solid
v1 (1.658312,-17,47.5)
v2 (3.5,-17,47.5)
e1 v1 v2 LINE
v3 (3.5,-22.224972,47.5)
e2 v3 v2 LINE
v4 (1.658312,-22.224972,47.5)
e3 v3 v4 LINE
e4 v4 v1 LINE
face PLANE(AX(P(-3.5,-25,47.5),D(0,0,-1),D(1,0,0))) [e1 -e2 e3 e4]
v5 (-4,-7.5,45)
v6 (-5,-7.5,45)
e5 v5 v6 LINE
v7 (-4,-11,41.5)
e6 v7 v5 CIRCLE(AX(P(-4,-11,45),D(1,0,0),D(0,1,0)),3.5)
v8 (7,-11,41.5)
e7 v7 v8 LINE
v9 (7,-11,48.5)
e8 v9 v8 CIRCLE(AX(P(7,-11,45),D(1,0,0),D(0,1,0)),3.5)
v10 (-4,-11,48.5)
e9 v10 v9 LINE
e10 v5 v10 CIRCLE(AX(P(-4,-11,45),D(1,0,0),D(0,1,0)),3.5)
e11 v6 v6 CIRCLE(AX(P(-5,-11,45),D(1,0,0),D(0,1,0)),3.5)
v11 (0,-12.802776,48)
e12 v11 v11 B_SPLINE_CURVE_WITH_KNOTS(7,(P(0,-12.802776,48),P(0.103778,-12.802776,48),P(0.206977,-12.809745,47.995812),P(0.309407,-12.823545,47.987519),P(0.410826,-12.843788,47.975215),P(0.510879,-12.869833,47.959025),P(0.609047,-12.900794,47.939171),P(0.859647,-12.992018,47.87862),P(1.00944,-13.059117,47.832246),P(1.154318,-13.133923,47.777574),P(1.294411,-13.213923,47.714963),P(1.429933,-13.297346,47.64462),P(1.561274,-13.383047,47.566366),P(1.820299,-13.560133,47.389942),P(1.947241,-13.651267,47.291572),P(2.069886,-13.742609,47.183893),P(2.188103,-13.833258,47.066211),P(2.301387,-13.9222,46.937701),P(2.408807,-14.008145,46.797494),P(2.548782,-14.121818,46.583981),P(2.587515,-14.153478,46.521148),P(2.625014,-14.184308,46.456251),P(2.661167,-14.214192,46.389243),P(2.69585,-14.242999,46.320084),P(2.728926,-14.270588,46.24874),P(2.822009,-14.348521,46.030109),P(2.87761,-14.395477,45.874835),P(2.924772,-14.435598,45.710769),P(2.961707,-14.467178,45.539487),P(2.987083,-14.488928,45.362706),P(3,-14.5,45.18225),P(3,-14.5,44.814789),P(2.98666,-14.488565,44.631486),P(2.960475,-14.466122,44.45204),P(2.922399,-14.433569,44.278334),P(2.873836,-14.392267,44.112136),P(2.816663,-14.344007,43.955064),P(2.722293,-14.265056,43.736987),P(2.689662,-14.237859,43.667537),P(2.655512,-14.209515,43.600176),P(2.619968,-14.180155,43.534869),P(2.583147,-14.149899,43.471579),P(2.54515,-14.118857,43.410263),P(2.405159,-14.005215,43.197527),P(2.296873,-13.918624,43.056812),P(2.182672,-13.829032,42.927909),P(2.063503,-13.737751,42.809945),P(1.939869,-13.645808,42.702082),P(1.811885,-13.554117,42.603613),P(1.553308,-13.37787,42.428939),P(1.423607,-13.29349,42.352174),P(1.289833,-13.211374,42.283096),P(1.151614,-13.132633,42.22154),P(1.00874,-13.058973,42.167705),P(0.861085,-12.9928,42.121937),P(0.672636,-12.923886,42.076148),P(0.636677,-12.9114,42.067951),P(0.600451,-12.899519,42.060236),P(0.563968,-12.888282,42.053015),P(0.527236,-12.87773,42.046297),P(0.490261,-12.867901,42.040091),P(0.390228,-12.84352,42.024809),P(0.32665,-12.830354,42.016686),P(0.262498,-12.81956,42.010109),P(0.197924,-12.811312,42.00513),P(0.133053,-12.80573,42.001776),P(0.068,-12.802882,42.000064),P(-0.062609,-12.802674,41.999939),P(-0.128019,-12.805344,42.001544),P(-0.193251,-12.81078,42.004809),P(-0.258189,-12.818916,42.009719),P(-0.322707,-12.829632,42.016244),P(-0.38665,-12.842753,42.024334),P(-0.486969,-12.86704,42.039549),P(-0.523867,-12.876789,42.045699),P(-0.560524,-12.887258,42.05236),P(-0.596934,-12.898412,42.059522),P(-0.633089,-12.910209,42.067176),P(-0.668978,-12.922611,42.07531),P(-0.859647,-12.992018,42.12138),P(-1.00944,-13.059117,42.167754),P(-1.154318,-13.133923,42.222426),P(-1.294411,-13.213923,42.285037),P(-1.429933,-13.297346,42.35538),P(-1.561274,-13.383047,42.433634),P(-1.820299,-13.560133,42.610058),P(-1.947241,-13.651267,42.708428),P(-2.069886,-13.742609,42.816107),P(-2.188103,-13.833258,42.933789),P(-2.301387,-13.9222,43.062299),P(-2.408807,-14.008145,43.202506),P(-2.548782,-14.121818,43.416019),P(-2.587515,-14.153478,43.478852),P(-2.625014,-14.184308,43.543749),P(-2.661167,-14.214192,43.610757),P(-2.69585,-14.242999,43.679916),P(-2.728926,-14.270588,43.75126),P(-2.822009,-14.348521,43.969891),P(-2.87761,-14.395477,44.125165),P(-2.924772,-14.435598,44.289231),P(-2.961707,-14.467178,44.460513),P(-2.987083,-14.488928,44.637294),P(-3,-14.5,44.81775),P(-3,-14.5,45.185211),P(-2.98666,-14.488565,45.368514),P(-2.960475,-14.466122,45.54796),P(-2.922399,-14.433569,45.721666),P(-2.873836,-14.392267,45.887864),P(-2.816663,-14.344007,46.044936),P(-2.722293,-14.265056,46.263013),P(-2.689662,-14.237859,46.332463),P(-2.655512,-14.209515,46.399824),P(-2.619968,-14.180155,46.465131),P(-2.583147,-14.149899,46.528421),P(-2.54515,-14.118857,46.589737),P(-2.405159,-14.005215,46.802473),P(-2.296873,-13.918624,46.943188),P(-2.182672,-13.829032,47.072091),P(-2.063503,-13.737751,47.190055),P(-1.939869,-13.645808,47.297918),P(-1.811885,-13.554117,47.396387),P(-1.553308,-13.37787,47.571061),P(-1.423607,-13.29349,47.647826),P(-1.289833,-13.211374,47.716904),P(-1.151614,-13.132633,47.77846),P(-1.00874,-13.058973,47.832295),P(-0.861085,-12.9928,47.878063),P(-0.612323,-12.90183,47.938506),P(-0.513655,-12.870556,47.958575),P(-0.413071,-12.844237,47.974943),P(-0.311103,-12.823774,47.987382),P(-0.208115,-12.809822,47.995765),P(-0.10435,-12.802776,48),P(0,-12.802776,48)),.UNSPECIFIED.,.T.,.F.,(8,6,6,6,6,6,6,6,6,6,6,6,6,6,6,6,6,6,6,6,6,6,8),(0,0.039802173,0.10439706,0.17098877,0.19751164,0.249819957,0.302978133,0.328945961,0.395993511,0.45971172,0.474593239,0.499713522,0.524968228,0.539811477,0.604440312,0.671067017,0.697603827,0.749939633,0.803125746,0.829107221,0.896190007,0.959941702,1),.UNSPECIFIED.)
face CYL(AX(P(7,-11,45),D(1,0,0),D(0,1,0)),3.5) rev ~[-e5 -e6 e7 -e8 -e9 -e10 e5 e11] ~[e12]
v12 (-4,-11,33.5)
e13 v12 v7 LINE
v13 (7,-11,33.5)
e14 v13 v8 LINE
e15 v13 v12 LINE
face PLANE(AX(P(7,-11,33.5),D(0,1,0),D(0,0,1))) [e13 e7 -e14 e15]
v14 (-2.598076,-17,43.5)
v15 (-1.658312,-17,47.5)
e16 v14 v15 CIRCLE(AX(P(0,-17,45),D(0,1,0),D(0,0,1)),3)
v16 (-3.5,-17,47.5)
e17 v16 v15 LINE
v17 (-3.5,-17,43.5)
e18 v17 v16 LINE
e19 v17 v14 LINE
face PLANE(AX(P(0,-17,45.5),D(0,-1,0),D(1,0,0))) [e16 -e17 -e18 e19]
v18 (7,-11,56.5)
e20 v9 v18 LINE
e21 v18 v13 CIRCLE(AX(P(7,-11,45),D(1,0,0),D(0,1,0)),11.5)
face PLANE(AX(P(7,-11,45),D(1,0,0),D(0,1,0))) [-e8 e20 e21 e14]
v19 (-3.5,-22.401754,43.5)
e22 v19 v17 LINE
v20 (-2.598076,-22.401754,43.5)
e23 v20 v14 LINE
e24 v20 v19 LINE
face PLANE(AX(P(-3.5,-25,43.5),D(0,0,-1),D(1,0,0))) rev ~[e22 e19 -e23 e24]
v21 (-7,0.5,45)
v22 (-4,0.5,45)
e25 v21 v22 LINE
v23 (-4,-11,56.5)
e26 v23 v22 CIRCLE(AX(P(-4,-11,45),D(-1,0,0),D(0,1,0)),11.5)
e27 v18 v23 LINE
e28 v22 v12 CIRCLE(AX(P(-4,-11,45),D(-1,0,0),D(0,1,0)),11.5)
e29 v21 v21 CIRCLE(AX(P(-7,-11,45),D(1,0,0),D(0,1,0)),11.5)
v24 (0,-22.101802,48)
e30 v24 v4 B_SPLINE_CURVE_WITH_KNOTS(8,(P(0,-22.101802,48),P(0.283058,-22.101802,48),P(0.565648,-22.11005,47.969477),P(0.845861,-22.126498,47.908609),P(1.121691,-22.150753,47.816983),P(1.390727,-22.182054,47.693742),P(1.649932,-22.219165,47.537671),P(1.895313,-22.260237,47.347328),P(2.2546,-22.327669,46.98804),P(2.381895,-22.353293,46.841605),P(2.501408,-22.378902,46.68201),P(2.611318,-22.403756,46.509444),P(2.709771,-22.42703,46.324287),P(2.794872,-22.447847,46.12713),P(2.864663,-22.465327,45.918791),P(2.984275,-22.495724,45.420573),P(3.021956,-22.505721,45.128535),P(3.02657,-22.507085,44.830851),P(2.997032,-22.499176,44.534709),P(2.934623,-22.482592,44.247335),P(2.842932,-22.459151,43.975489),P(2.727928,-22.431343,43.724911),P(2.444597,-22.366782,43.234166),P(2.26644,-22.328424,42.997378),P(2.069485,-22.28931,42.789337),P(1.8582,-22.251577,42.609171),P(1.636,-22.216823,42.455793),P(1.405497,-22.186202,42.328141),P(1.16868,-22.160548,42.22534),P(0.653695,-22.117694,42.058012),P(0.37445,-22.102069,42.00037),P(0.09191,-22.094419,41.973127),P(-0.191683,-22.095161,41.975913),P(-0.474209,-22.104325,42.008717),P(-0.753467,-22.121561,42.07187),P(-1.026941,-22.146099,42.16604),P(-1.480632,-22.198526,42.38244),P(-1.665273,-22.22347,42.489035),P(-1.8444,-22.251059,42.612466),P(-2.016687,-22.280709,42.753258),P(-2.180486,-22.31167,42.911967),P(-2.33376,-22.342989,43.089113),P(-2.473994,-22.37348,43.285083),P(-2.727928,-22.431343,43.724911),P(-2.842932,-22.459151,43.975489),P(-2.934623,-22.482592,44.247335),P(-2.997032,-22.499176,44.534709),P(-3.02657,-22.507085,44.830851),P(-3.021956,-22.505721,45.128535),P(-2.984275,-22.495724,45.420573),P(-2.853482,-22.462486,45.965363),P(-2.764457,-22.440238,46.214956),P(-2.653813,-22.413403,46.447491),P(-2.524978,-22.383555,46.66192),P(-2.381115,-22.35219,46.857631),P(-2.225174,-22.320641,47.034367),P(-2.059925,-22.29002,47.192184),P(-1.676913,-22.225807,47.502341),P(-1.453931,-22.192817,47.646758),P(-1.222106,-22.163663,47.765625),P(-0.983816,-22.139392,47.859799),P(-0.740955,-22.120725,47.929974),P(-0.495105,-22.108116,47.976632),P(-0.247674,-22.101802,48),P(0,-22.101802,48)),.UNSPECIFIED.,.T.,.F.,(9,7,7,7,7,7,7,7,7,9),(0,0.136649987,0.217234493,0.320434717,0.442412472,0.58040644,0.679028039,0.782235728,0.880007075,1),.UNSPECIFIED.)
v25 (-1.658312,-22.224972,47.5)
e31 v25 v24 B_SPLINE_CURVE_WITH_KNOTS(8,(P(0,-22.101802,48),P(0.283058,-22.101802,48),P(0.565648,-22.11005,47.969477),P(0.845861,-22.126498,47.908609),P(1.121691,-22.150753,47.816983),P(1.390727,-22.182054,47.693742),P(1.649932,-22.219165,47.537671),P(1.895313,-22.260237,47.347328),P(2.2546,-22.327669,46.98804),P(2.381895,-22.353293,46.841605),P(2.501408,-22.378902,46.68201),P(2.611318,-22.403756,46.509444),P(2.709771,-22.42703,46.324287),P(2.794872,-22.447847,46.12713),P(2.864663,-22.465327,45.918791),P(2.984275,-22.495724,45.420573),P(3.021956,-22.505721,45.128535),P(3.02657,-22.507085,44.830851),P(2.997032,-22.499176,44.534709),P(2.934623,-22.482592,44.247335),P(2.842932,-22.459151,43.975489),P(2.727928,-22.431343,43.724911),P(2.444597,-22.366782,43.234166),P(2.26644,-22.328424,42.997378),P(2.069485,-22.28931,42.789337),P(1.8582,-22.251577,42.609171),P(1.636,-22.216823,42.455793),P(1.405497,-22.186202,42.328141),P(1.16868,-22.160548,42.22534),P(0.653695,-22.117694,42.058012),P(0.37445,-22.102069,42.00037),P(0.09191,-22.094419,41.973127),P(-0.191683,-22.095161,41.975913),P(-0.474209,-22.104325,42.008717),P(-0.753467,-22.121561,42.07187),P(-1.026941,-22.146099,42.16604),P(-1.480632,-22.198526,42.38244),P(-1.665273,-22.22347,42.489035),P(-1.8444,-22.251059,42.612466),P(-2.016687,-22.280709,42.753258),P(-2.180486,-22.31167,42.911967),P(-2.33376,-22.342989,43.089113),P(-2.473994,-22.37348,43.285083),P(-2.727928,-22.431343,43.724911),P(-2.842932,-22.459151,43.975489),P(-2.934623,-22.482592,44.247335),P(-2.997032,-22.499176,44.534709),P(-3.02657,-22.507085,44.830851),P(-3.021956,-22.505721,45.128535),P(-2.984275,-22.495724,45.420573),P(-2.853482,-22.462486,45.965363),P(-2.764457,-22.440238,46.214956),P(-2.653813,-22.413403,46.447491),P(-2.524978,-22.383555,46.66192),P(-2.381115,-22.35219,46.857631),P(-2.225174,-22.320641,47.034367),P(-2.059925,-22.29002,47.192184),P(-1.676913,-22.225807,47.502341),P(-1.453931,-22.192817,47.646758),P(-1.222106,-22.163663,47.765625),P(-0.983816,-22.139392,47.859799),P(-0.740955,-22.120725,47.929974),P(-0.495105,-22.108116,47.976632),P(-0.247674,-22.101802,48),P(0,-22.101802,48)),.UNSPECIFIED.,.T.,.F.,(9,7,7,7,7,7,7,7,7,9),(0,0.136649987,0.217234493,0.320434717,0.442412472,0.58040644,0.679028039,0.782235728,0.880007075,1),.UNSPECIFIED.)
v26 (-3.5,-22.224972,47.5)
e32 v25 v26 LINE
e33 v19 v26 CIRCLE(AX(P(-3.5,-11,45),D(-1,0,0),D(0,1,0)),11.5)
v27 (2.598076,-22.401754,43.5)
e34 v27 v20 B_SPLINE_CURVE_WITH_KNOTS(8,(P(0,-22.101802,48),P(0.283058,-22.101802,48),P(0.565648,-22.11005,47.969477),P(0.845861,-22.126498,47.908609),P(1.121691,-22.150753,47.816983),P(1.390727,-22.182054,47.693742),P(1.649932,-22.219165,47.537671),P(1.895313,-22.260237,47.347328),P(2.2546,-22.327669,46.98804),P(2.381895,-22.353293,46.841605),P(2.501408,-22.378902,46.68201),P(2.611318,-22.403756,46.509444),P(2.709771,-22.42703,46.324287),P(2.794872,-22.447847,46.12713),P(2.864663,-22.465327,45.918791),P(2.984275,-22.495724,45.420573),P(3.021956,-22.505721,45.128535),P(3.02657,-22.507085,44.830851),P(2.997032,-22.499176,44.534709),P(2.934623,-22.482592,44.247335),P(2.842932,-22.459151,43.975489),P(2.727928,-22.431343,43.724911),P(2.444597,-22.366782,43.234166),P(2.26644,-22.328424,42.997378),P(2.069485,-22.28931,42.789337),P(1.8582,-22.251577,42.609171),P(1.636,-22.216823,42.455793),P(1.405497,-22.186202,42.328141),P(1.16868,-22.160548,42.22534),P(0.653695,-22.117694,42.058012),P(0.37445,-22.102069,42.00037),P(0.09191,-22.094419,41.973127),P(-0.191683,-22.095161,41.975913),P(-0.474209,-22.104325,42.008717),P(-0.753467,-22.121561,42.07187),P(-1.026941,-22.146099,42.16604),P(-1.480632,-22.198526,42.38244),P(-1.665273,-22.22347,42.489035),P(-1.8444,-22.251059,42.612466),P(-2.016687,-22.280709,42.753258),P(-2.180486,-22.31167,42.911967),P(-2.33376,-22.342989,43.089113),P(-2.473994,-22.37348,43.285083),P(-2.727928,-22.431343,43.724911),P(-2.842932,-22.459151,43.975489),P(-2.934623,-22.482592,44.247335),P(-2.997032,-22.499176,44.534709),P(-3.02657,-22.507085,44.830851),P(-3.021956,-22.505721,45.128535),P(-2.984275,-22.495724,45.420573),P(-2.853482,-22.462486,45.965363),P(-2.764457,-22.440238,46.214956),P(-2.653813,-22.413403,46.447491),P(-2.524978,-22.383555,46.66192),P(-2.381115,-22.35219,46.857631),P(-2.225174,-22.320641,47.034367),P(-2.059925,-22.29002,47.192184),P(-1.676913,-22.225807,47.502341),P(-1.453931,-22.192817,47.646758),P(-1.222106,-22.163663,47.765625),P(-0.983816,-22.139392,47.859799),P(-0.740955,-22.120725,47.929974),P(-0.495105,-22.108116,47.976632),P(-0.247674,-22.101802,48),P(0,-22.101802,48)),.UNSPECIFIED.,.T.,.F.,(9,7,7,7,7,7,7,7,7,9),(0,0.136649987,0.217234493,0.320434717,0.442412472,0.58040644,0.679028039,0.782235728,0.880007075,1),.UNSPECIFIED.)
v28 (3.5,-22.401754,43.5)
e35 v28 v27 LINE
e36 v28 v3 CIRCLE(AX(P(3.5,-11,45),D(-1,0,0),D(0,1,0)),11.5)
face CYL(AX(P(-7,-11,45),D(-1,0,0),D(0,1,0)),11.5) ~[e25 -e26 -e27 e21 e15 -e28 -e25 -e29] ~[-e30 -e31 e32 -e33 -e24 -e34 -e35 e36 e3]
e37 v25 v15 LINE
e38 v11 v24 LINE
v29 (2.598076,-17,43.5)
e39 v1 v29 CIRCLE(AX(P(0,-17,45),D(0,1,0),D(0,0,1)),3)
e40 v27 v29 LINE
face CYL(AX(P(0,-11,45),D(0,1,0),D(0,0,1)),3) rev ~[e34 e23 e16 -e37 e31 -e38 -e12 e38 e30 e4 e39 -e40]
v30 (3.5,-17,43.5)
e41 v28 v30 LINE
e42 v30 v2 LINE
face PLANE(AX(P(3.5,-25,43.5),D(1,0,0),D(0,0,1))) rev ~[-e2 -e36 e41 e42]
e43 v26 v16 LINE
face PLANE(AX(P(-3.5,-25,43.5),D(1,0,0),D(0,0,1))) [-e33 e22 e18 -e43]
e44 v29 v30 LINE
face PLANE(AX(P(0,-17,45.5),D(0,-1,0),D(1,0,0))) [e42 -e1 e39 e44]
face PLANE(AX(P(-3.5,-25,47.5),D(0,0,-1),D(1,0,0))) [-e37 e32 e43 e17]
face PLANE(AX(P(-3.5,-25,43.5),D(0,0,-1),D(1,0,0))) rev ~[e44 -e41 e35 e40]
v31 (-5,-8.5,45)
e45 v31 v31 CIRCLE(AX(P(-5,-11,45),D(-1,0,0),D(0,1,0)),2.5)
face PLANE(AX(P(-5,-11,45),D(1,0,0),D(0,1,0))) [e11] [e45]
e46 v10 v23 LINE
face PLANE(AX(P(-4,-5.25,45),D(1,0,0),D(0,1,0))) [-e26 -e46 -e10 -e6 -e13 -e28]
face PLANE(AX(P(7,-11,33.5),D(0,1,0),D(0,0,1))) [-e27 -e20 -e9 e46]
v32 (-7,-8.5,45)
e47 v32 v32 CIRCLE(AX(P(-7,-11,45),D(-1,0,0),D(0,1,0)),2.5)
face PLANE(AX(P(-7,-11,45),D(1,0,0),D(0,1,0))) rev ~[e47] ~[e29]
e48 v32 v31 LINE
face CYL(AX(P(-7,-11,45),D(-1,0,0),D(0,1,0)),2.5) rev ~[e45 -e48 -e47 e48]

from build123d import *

# Parameters (mm, degrees)
SKETCH054_R     = 11.5
PAD018_DEPTH    = 14
SKETCH055_W     = 11.5
SKETCH055_H     = 23
POCKET033_DEPTH = 11
SKETCH056_R     = 3
POCKET034_DEPTH = 11.501
SKETCH057_R     = 2.5
POCKET035_DEPTH = 3
SKETCH058_R     = 3.5
POCKET036_DEPTH = 12
SKETCH059_W     = 7
SKETCH059_H     = 4
POCKET037_DEPTH = 8


with BuildPart() as part:
    # Sketch054 → Pad018 (new body)
    with BuildSketch(Plane.YZ):
        with Locations((-11, 45)):
            Circle(SKETCH054_R)
    extrude(amount=PAD018_DEPTH)

    # Sketch055 (on Face3 of Pad018) → Pocket033 (cut)
    with BuildSketch(Plane.YZ.offset(14)):
        with Locations((-5.25, 45)):
            Rectangle(SKETCH055_W, SKETCH055_H)
    extrude(amount=-POCKET033_DEPTH, mode=Mode.SUBTRACT)

    # Sketch056 (on Face4 of Pocket033) → Pocket034 (cut, through all)
    with BuildSketch(Plane.ZX.offset(-11)):
        with Locations((45, 7)):
            Circle(SKETCH056_R)
    extrude(amount=-POCKET034_DEPTH, mode=Mode.SUBTRACT)

    # Sketch057 (on Face5 of Pocket034) → Pocket035 (cut)
    with BuildSketch(Plane(origin=(0, 0, 0), x_dir=(0, 1, 0), z_dir=(-1, 0, 0))):
        with Locations((-11, -45)):
            Circle(SKETCH057_R)
    extrude(amount=-POCKET035_DEPTH, mode=Mode.SUBTRACT)

    # Sketch058 (on Face4 of Pocket035) → Pocket036 (cut)
    with BuildSketch(Plane.YZ.offset(14)):
        with Locations((-11, 45)):
            Circle(SKETCH058_R)
    extrude(amount=-POCKET036_DEPTH, mode=Mode.SUBTRACT)

    # Sketch059 → Pocket037 (cut)
    with BuildSketch(Plane.XZ.offset(25)):
        with Locations((7, 45.5)):
            Rectangle(SKETCH059_W, SKETCH059_H)
    extrude(amount=-POCKET037_DEPTH, mode=Mode.SUBTRACT)


with BuildPart() as part_1:
    # Body004 placement: moved
    add(part.part.moved(Location((-7, 0, 0))))


solid = part_1.part
